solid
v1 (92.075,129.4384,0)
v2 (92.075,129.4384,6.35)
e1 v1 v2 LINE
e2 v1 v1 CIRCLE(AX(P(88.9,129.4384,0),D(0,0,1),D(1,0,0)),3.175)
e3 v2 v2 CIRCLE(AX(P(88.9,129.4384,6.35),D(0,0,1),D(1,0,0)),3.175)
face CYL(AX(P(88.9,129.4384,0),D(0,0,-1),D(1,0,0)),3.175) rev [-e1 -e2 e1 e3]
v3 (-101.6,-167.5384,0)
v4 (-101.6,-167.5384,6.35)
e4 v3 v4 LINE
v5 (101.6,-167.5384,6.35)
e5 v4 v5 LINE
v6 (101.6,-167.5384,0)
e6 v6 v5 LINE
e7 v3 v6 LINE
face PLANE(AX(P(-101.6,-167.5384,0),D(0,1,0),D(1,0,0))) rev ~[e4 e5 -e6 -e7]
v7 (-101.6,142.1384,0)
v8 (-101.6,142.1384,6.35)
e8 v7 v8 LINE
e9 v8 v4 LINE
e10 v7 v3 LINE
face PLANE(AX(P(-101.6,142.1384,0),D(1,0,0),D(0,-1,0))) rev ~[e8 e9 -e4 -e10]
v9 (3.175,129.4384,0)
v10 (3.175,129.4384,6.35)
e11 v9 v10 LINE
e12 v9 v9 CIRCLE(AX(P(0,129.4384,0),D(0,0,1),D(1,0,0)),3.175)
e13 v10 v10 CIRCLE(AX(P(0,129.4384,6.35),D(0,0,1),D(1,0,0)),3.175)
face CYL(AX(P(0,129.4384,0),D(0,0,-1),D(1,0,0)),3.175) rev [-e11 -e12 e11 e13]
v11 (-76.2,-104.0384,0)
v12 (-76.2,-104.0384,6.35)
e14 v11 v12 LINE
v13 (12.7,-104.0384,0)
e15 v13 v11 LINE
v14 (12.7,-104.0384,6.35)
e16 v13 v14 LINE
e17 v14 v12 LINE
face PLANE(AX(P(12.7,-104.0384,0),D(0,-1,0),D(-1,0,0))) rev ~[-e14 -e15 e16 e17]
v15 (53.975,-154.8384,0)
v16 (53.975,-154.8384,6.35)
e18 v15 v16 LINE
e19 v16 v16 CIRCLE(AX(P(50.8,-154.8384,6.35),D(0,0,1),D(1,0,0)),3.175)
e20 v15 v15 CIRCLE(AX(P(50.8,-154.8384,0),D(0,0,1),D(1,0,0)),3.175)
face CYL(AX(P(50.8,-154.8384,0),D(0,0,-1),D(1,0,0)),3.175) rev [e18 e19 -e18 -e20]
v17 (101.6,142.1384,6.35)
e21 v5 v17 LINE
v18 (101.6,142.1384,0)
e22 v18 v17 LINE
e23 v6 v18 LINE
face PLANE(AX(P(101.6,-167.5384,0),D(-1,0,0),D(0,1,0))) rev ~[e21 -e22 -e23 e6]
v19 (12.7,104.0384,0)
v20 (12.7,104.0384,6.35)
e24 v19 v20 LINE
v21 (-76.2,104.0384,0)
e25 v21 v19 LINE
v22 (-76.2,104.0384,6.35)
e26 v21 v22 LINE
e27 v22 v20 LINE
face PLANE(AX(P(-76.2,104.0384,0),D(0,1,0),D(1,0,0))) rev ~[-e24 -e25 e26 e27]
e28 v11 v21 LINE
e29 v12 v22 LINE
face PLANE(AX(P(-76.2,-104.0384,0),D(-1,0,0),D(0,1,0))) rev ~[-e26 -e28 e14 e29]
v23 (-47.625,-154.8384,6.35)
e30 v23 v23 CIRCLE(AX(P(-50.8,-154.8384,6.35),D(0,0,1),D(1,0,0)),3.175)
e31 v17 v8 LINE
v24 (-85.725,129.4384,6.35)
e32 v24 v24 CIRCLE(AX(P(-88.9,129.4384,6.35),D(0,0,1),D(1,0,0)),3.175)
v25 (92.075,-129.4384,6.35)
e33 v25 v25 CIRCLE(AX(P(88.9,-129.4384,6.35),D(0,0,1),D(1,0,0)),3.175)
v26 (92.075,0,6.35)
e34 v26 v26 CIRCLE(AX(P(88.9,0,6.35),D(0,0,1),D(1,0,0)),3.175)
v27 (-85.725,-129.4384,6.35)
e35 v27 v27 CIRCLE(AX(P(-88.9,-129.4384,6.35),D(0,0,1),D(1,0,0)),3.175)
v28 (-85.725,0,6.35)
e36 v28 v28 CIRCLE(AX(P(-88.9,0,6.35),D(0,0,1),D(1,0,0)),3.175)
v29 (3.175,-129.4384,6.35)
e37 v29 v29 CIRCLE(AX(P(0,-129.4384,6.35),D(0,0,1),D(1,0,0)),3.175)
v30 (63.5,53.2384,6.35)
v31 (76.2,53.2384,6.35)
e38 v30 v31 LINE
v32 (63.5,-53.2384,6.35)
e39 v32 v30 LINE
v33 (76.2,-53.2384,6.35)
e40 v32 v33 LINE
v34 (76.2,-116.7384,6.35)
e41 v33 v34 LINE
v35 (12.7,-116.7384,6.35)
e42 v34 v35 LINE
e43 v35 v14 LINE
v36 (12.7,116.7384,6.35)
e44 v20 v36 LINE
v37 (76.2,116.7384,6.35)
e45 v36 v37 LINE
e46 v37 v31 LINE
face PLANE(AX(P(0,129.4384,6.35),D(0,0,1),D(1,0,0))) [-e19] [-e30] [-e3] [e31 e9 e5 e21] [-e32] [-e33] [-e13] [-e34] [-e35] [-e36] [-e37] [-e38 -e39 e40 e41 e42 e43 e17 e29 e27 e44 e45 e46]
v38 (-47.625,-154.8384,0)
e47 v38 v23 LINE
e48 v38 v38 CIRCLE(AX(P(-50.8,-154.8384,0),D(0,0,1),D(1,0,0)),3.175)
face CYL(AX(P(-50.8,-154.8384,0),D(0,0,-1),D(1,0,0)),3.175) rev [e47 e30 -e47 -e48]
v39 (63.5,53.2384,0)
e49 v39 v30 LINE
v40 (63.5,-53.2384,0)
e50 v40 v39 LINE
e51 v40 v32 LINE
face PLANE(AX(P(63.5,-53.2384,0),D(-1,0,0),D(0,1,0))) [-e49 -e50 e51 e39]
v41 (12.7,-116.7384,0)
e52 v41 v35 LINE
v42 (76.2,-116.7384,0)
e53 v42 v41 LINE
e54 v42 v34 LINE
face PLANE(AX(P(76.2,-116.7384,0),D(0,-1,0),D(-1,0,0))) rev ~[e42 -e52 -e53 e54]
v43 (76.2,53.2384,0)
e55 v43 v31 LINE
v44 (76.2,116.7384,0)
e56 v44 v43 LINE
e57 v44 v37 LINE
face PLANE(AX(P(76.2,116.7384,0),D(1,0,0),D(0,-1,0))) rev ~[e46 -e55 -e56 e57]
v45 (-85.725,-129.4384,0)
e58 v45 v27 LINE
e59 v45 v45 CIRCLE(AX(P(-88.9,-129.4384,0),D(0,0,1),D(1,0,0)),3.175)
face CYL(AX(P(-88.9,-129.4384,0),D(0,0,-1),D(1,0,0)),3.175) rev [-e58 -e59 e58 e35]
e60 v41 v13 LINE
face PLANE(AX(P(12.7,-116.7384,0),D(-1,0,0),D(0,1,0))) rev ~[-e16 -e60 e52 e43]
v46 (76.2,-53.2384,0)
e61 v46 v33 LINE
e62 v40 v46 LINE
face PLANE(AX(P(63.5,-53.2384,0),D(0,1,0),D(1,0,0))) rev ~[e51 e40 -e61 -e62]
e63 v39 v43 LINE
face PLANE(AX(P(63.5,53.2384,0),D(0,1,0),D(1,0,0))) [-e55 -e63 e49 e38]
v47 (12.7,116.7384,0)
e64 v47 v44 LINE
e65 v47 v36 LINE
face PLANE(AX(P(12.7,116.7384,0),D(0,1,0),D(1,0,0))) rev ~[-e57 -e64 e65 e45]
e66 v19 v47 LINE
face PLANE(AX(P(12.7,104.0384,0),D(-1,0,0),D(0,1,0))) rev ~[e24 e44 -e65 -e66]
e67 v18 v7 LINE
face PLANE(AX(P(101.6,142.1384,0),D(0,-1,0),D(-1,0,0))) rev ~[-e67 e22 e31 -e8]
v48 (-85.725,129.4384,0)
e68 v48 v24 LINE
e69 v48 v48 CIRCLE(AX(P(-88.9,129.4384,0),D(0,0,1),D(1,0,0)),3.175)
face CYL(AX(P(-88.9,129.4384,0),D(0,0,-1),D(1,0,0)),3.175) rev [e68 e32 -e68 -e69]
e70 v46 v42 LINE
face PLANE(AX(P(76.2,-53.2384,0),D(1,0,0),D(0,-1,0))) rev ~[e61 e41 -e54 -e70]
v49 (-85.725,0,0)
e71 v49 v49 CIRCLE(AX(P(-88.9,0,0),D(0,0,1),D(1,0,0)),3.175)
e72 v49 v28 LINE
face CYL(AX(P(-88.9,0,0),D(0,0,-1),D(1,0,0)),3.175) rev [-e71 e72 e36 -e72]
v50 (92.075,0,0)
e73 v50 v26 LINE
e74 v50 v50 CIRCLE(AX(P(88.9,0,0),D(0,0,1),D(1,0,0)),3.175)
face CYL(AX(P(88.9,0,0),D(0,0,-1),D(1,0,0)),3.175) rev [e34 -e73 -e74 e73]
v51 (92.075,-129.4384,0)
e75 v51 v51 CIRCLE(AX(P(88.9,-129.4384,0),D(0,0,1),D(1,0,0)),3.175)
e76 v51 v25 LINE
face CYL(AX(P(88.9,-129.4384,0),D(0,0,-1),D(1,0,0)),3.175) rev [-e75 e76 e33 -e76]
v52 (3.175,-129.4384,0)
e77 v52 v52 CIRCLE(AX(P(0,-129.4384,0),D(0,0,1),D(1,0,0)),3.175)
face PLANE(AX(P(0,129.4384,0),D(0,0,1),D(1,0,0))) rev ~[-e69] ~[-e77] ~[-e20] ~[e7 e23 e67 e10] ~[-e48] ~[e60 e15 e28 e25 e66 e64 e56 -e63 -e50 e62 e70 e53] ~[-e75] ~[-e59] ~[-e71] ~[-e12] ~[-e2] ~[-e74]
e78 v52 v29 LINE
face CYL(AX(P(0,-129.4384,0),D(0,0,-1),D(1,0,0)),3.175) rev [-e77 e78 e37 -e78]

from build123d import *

# Parameters (mm, degrees)
F0_R     = 3.175
F0_W     = 12.7
F0_H     = 106.4768
F0_W_2   = 203.2
F0_H_2   = 25.4
F1_DEPTH = 6.35


with BuildPart() as f1:
    # F0 (on Top) → F1 (new body)
    with BuildSketch(Plane.XY):
        Polygon((76.2, 116.7384), (101.6, 116.7384), (101.6, 142.1384), (-101.6, 142.1384), (-101.6, 116.7384), (12.7, 116.7384), (50.8, 116.7384), align=None)
        with Locations((-88.9, 129.4384)):
            Circle(F0_R, mode=Mode.SUBTRACT)
        with Locations((0, 129.4384)):
            Circle(F0_R, mode=Mode.SUBTRACT)
        with Locations((88.9, 129.4384)):
            Circle(F0_R, mode=Mode.SUBTRACT)
        Polygon((101.6, -116.7384), (76.2, -116.7384), (50.8, -116.7384), (12.7, -116.7384), (-101.6, -116.7384), (-101.6, -142.1384), (101.6, -142.1384), align=None)
        with Locations((-88.9, -129.4384)):
            Circle(F0_R, mode=Mode.SUBTRACT)
        with Locations((0, -129.4384)):
            Circle(F0_R, mode=Mode.SUBTRACT)
        with Locations((88.9, -129.4384)):
            Circle(F0_R, mode=Mode.SUBTRACT)
        Polygon((-76.2, -104.0384), (-76.2, -91.3384), (-76.2, 91.3384), (-76.2, 104.0384), (12.7, 104.0384), (12.7, 116.7384), (-101.6, 116.7384), (-101.6, -116.7384), (12.7, -116.7384), (12.7, -104.0384), align=None)
        with Locations((-88.9, 0)):
            Circle(F0_R, mode=Mode.SUBTRACT)
        Polygon((76.2, -53.2384), (76.2, -91.3384), (76.2, -104.0384), (88.9, -104.0384), (88.9, -53.2384), align=None)
        with Locations((69.85, 0)):
            Rectangle(F0_W, F0_H)
        Polygon((76.2, 91.3384), (76.2, 53.2384), (88.9, 53.2384), (88.9, 104.0384), (76.2, 104.0384), align=None)
        Polygon((76.2, 53.2384), (76.2, -53.2384), (88.9, -53.2384), (88.9, -104.0384), (76.2, -104.0384), (76.2, -116.7384), (101.6, -116.7384), (101.6, 116.7384), (76.2, 116.7384), (76.2, 104.0384), (88.9, 104.0384), (88.9, 53.2384), align=None)
        with Locations((88.9, 0)):
            Circle(F0_R, mode=Mode.SUBTRACT)
        with Locations((0, -154.8384)):
            Rectangle(F0_W_2, F0_H_2)
        with Locations((-50.8, -154.8384)):
            Circle(F0_R, mode=Mode.SUBTRACT)
        with Locations((50.8, -154.8384)):
            Circle(F0_R, mode=Mode.SUBTRACT)
    extrude(amount=F1_DEPTH)


solid = f1.part
